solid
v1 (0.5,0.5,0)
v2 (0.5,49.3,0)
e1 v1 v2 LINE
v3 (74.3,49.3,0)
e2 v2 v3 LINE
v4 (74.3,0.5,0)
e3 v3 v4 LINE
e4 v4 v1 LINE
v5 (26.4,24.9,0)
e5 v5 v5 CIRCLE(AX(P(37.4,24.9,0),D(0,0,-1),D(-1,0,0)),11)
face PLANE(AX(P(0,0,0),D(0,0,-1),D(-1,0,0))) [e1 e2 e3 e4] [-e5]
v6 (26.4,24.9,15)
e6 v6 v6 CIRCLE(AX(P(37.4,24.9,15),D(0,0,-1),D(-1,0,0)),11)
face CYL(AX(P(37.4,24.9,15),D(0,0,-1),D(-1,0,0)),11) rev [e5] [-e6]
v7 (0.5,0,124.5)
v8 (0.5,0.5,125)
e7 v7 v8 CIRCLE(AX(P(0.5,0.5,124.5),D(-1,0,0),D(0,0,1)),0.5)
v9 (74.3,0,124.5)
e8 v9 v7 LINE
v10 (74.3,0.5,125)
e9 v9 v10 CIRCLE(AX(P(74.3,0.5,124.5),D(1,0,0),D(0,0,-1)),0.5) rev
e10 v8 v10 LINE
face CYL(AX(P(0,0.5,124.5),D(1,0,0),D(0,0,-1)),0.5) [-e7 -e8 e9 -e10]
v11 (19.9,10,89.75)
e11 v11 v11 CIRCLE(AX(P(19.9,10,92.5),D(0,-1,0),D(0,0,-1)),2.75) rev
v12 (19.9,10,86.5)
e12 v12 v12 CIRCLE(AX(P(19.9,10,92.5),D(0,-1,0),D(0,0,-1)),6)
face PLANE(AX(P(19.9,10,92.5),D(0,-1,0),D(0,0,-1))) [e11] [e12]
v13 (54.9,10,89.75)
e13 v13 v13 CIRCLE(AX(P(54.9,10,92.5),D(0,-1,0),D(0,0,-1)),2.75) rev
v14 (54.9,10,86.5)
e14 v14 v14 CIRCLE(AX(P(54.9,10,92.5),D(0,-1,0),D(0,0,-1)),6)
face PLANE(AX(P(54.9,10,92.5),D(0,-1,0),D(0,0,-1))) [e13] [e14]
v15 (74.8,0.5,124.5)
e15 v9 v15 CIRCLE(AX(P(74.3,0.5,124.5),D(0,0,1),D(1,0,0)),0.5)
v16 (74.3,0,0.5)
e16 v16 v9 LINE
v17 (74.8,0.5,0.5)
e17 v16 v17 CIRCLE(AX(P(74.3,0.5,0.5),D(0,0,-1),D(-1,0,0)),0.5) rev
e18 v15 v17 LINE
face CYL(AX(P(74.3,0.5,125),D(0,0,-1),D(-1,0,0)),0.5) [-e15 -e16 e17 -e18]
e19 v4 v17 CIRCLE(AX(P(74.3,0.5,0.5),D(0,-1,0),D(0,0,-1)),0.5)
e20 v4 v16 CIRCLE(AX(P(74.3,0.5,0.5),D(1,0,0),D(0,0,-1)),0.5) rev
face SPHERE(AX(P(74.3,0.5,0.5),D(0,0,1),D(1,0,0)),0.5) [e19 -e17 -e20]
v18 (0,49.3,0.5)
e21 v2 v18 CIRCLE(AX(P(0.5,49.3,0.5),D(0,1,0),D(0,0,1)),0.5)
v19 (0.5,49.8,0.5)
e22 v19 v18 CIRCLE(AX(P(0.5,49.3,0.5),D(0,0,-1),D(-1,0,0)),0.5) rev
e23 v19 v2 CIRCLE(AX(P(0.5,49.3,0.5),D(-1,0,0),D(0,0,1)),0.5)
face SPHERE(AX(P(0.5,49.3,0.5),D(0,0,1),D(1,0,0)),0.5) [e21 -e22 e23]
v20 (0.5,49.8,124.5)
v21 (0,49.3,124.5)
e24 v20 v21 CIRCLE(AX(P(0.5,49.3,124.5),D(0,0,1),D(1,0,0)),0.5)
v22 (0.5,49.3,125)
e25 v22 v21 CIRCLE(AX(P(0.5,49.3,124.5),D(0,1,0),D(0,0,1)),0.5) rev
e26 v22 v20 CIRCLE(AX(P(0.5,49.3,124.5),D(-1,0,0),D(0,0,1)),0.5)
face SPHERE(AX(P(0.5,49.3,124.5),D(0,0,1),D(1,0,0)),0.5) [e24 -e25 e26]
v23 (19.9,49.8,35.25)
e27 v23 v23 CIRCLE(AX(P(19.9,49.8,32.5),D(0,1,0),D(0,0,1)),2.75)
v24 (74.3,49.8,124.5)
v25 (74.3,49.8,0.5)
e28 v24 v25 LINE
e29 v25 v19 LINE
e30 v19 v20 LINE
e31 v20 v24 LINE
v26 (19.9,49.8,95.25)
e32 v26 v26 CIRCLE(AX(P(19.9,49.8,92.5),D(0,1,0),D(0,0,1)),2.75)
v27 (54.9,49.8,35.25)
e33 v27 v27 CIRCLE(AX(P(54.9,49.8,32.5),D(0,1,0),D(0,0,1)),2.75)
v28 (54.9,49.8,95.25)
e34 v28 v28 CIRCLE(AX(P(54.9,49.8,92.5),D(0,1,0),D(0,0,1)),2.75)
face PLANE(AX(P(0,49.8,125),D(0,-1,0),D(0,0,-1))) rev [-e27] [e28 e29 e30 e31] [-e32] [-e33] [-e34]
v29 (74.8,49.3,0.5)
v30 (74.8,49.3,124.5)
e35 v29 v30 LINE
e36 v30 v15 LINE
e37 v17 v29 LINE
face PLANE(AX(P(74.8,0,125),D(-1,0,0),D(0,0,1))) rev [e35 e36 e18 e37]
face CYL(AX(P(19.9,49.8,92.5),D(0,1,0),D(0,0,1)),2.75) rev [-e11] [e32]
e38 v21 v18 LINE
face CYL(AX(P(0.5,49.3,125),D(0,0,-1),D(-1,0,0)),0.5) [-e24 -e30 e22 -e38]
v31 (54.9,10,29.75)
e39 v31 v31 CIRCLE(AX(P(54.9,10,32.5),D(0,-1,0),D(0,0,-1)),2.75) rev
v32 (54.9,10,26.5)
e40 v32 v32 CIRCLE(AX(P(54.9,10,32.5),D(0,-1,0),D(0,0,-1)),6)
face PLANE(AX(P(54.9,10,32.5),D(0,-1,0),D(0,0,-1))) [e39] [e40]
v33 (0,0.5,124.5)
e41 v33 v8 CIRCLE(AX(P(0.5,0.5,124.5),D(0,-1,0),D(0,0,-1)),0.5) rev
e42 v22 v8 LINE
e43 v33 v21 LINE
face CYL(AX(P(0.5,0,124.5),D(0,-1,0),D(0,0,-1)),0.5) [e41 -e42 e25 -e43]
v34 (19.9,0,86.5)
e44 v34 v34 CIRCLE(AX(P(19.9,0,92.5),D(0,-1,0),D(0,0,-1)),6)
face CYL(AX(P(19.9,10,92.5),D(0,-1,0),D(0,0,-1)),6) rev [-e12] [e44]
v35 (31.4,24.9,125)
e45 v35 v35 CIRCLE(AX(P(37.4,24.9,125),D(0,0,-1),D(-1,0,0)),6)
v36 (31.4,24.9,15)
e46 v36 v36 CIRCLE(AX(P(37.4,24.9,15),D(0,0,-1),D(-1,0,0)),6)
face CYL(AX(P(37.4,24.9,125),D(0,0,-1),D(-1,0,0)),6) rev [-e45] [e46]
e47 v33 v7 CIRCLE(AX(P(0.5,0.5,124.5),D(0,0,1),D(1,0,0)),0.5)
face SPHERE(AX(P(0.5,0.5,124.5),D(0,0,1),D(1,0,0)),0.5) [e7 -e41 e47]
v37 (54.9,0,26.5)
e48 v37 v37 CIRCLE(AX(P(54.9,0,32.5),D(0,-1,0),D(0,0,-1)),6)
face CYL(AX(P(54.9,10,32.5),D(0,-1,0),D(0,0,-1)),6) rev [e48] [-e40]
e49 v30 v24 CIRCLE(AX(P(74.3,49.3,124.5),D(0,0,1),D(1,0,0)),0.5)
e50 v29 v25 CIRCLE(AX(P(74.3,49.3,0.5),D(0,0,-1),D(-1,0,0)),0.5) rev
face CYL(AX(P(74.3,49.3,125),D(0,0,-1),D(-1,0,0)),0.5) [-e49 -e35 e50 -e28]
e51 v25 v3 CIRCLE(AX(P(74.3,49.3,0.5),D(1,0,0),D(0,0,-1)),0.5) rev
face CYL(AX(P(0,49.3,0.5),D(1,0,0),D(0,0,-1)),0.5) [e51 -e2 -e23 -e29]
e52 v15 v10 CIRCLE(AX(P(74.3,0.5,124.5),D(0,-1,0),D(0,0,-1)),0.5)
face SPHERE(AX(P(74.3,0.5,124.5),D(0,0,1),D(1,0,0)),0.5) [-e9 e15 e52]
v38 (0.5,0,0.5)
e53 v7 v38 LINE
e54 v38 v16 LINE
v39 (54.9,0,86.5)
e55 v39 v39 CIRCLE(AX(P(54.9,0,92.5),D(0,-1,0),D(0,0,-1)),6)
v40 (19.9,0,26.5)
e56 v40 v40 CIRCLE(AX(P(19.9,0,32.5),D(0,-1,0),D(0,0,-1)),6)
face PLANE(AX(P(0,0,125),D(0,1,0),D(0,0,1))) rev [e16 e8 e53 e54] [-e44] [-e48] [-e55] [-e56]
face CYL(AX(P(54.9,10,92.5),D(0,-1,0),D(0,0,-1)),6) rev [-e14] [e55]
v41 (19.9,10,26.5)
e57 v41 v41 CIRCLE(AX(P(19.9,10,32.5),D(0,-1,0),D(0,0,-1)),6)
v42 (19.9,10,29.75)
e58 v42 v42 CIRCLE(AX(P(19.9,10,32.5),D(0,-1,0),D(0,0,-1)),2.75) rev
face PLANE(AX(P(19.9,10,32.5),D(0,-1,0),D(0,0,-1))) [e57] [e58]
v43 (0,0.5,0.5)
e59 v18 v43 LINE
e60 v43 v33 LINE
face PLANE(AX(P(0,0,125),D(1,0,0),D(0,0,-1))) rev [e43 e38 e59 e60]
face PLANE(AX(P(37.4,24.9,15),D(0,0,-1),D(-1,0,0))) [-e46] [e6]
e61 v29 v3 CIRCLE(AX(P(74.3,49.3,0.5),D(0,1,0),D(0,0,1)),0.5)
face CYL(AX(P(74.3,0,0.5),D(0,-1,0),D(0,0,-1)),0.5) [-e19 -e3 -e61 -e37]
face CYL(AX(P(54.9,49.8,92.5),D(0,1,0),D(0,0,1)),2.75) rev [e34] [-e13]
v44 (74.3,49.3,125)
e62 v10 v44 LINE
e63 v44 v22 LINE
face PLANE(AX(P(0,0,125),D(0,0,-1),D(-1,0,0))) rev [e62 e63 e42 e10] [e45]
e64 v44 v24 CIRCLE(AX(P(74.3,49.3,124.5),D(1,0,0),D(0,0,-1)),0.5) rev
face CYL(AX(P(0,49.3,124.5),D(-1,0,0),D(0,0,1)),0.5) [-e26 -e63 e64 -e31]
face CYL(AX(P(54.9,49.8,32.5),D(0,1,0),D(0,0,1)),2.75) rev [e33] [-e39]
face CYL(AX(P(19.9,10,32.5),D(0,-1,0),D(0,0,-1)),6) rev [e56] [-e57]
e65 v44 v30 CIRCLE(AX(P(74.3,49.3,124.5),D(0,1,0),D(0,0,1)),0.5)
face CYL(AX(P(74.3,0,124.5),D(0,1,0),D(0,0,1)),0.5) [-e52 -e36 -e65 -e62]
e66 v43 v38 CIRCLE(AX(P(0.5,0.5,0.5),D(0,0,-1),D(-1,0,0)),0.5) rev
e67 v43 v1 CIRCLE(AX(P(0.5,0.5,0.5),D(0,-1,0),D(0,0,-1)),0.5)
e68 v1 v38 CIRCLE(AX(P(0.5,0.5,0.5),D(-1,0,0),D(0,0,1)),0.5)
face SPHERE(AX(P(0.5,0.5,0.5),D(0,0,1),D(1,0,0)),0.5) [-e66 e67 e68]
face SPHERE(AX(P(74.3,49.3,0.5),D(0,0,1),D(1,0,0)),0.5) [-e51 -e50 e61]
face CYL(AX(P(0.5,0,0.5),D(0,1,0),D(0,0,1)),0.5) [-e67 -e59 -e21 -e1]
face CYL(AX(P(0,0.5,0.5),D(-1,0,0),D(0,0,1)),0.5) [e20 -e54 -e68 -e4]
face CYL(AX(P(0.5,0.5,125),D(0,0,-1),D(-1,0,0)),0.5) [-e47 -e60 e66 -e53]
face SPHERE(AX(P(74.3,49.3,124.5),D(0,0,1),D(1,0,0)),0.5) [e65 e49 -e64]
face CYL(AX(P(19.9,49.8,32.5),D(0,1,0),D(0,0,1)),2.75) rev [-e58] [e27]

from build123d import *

# Parameters (mm, degrees)
SKETCH1_W                        = 74.8
SKETCH1_H                        = 49.8
SLIDER_BODY_DEPTH                = 125
SKETCH2_R                        = 11
LEAD_NUT_INSET_DEPTH             = 15
SKETCH3_R                        = 6
LEADSCREW_CLEARANCE_DEPTH        = 143.039008726
CORNER_BREAK_R                   = 0.5
BOLT_CLEARANCE_HOLES_D           = 5.5
SKETCH7_R                        = 6
NUT_CLEARANCE_COUNTERBORES_DEPTH = 10


with BuildPart() as part:
    # Sketch1 → slider body (new body)
    with BuildSketch(Plane.XY):
        with Locations((37.4, 24.9)):
            Rectangle(SKETCH1_W, SKETCH1_H)
    extrude(amount=SLIDER_BODY_DEPTH)

    # Sketch2 → lead nut inset (cut)
    with BuildSketch(Plane(origin=(0, 0, 0), x_dir=(-1, 0, 0), z_dir=(0, 0, -1))):
        with Locations((-37.4, 24.9)):
            Circle(SKETCH2_R)
    extrude(amount=-LEAD_NUT_INSET_DEPTH, mode=Mode.SUBTRACT)

    # Sketch3 → leadscrew clearance (cut, through all)
    with BuildSketch(Plane(origin=(0, 0, 15), x_dir=(-1, 0, 0), z_dir=(0, 0, -1))):
        with Locations((-37.4, 24.9)):
            Circle(SKETCH3_R)
    extrude(amount=-LEADSCREW_CLEARANCE_DEPTH, mode=Mode.SUBTRACT)

    # corner break
    corner_break_edges = [part.edges().sort_by_distance(p)[0] for p in [
        (74.8, 24.9, 125),
        (37.4, 49.8, 125),
        (0, 24.9, 125),
        (37.4, 49.8, 0),
        (74.8, 24.9, 0),
        (37.4, 0, 0),
        (0, 24.9, 0),
        (37.4, 0, 125),
        (0, 49.8, 62.5),
        (74.8, 49.8, 62.5),
        (74.8, 0, 62.5),
        (0, 0, 62.5),
    ]]
    fillet(corner_break_edges, radius=CORNER_BREAK_R)

    # bolt clearance holes (through all)
    with Locations(Plane(origin=(0, 49.8, 0), x_dir=(1, 0, 0), z_dir=(0, 1, 0))):
        with Locations((54.9, -92.5), (19.9, -32.5), (54.9, -32.5), (19.9, -92.5)):
            Hole(BOLT_CLEARANCE_HOLES_D / 2)

    # Sketch7 → nut clearance counterbores (cut)
    with BuildSketch(Plane.XZ):
        with Locations(Location((19.9, 92.5, 0), (0, 0, 270))):
            Circle(SKETCH7_R)
        with Locations(Location((54.9, 92.5, 0), (0, 0, 270))):
            Circle(SKETCH7_R)
        with Locations(Location((54.9, 32.5, 0), (0, 0, 270))):
            Circle(SKETCH7_R)
        with Locations(Location((19.9, 32.5, 0), (0, 0, 270))):
            Circle(SKETCH7_R)
    extrude(amount=-NUT_CLEARANCE_COUNTERBORES_DEPTH, mode=Mode.SUBTRACT)


solid = part.part
